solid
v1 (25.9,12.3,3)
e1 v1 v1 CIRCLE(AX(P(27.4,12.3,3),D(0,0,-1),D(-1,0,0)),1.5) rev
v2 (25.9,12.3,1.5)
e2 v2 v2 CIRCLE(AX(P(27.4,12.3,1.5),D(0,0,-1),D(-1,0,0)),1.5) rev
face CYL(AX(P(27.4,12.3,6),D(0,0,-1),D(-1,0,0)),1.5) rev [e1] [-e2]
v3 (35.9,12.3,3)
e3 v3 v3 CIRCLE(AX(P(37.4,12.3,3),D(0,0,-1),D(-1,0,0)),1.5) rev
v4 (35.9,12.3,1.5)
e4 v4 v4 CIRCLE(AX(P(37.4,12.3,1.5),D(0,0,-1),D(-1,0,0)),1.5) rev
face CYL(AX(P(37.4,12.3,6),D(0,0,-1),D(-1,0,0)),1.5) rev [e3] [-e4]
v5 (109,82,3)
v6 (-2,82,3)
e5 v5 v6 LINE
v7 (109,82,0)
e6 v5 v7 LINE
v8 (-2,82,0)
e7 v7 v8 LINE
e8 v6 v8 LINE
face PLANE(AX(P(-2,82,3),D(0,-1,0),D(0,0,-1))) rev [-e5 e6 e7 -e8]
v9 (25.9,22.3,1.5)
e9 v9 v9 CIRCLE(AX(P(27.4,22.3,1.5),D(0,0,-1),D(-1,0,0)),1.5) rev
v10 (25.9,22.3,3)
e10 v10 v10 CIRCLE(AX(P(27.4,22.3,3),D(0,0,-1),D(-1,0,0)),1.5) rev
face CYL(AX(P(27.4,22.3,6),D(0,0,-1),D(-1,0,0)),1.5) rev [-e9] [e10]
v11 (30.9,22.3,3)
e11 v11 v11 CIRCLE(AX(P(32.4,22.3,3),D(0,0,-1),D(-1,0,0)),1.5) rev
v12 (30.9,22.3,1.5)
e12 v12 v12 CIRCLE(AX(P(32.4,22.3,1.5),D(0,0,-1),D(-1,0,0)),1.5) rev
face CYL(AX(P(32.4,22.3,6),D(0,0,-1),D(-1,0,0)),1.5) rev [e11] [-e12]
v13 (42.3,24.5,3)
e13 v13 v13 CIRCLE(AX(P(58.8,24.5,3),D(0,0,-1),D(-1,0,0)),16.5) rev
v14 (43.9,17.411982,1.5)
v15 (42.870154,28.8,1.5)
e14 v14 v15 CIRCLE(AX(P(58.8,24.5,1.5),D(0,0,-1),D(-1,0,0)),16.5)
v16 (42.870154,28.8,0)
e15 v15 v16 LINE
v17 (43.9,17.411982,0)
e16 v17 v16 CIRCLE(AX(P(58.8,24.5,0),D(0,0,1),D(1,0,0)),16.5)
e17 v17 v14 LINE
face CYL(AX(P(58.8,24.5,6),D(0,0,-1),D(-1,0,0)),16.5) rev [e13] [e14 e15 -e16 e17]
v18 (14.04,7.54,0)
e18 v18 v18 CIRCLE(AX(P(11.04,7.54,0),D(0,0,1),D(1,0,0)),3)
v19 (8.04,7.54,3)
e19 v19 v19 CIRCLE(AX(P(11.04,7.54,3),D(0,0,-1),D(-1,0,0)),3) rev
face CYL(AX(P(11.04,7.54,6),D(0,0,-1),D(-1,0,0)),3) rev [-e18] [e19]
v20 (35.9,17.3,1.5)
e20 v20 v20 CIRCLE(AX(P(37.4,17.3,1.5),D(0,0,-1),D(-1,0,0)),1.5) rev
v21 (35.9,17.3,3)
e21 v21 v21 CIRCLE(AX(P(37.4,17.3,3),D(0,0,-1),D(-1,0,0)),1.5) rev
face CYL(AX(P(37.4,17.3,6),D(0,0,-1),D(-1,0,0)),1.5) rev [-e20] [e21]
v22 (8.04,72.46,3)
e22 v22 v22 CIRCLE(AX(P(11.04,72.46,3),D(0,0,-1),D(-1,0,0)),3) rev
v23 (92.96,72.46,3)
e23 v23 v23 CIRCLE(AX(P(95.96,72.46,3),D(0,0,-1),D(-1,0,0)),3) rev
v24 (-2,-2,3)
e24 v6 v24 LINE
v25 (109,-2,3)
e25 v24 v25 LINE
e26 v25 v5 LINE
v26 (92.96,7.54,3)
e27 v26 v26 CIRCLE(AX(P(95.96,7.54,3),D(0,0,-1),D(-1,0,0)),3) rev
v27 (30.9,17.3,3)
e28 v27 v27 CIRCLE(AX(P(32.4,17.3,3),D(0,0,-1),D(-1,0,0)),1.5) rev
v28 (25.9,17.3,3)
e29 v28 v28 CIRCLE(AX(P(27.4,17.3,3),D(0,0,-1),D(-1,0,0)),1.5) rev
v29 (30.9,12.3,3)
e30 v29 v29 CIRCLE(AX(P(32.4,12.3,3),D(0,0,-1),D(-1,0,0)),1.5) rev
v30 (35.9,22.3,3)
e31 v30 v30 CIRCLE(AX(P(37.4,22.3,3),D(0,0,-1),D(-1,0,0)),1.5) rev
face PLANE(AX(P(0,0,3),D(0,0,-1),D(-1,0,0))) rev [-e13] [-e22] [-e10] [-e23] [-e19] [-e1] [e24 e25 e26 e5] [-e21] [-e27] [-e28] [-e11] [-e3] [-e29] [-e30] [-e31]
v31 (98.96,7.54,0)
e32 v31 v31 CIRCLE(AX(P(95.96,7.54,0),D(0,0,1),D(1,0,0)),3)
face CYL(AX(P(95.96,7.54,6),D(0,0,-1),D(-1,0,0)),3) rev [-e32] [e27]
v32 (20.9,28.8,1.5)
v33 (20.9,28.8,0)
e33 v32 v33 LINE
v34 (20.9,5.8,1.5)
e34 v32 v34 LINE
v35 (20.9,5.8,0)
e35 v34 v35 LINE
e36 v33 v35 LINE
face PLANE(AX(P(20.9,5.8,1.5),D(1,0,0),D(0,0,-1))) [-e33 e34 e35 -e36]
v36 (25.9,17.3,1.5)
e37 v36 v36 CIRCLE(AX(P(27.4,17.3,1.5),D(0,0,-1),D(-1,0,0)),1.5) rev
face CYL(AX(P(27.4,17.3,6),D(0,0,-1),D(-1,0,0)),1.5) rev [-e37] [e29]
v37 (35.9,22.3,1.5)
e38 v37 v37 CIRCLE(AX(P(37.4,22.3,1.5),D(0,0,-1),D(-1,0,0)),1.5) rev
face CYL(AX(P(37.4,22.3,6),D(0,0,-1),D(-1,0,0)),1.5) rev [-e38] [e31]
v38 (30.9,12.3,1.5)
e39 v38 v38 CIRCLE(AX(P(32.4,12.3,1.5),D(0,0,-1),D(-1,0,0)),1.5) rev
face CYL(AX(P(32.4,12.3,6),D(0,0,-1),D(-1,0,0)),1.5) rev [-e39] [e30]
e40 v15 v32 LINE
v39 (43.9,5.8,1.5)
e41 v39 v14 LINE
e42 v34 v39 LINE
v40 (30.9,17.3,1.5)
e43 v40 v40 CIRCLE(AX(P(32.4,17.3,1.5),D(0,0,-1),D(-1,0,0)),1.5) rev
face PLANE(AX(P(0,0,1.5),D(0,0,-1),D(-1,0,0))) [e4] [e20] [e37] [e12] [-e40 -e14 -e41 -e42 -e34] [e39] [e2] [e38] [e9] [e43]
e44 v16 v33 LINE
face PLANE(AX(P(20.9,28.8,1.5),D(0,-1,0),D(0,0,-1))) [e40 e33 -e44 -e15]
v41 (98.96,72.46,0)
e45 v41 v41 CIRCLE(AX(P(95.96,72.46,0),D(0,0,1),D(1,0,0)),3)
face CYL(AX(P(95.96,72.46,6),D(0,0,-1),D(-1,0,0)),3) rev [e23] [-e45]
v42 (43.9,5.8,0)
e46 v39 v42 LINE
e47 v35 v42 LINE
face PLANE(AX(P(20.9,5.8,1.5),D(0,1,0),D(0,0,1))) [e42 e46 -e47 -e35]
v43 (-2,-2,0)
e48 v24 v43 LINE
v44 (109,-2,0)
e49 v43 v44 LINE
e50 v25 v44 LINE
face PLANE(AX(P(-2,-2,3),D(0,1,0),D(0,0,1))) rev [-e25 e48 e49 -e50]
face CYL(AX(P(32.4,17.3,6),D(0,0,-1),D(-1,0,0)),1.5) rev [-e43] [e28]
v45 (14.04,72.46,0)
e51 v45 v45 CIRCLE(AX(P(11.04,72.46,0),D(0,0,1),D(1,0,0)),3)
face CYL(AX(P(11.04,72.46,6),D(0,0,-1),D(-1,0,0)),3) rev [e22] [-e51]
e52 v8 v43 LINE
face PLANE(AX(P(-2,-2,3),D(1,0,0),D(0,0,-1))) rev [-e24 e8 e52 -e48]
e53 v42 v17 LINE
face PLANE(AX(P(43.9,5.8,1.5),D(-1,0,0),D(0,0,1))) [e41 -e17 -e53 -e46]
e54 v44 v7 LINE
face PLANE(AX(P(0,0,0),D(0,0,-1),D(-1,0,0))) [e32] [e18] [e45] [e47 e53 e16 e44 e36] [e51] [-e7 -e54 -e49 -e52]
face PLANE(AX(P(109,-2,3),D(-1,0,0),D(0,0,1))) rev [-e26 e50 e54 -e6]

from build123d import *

# Parameters (mm, degrees)
SKETCH_1_W                                = 111
SKETCH_1_H                                = 84
BOTTOM_LOWER_BASE_PLATE_3MM_DEPTH         = 3
SKETCH_3_R                                = 3
BOTTOM_LOWER_SCREW_6MM_THROUGH_DEPTH      = 3
SKETCH_5_R                                = 16.5
BOTTOM_LOWER_BATTERY_CLEARANCE_33MM_DEPTH = 3
SKETCH_7_W                                = 23
SKETCH_7_H                                = 23
BOTTOM_LOWER_BUZZER_POCKET_1P5MM_DEPTH    = 1.5
BOTTOM_LOWER_BUZZER_SOUND_HOLES_3MM_START = 1.5
SKETCH_9_R                                = 1.5
BOTTOM_LOWER_BUZZER_SOUND_HOLES_3MM_DEPTH = 1.5


with BuildPart() as part:
    # Эскиз1 → bottom_lower_base_plate_3mm (new body)
    with BuildSketch(Plane.XY):
        with Locations((53.5, 40)):
            Rectangle(SKETCH_1_W, SKETCH_1_H)
    extrude(amount=BOTTOM_LOWER_BASE_PLATE_3MM_DEPTH)

    # Эскиз3 → bottom_lower_screw_6mm_through (cut)
    with BuildSketch(Plane.XY):
        with Locations(Location((11.04, 7.54, 0), (0, 0, 180))):
            Circle(SKETCH_3_R)
        with Locations(Location((95.96, 7.54, 0), (0, 0, 180))):
            Circle(SKETCH_3_R)
        with Locations(Location((11.04, 72.46, 0), (0, 0, 180))):
            Circle(SKETCH_3_R)
        with Locations(Location((95.96, 72.46, 0), (0, 0, 180))):
            Circle(SKETCH_3_R)
    extrude(amount=BOTTOM_LOWER_SCREW_6MM_THROUGH_DEPTH, mode=Mode.SUBTRACT)

    # Эскиз5 → bottom_lower_battery_clearance_33mm (cut)
    with BuildSketch(Plane.XY):
        with Locations(Location((58.8, 24.5, 0), (0, 0, 180))):
            Circle(SKETCH_5_R)
    extrude(amount=BOTTOM_LOWER_BATTERY_CLEARANCE_33MM_DEPTH, mode=Mode.SUBTRACT)

    # Эскиз7 → bottom_lower_buzzer_pocket_1p5mm (cut)
    with BuildSketch(Plane.XY):
        with Locations((32.4, 17.3)):
            Rectangle(SKETCH_7_W, SKETCH_7_H)
    extrude(amount=BOTTOM_LOWER_BUZZER_POCKET_1P5MM_DEPTH, mode=Mode.SUBTRACT)

    # Эскиз9 → bottom_lower_buzzer_sound_holes_3mm (cut)
    with BuildSketch(Plane.XY.offset(BOTTOM_LOWER_BUZZER_SOUND_HOLES_3MM_START)):
        with Locations(Location((27.4, 12.3, 0), (0, 0, 180))):
            Circle(SKETCH_9_R)
        with Locations(Location((27.4, 17.3, 0), (0, 0, 180))):
            Circle(SKETCH_9_R)
        with Locations(Location((27.4, 22.3, 0), (0, 0, 180))):
            Circle(SKETCH_9_R)
        with Locations(Location((32.4, 12.3, 0), (0, 0, 180))):
            Circle(SKETCH_9_R)
        with Locations(Location((32.4, 17.3, 0), (0, 0, 180))):
            Circle(SKETCH_9_R)
        with Locations(Location((32.4, 22.3, 0), (0, 0, 180))):
            Circle(SKETCH_9_R)
        with Locations(Location((37.4, 12.3, 0), (0, 0, 180))):
            Circle(SKETCH_9_R)
        with Locations(Location((37.4, 17.3, 0), (0, 0, 180))):
            Circle(SKETCH_9_R)
        with Locations(Location((37.4, 22.3, 0), (0, 0, 180))):
            Circle(SKETCH_9_R)
    extrude(amount=BOTTOM_LOWER_BUZZER_SOUND_HOLES_3MM_DEPTH, mode=Mode.SUBTRACT)


solid = part.part
